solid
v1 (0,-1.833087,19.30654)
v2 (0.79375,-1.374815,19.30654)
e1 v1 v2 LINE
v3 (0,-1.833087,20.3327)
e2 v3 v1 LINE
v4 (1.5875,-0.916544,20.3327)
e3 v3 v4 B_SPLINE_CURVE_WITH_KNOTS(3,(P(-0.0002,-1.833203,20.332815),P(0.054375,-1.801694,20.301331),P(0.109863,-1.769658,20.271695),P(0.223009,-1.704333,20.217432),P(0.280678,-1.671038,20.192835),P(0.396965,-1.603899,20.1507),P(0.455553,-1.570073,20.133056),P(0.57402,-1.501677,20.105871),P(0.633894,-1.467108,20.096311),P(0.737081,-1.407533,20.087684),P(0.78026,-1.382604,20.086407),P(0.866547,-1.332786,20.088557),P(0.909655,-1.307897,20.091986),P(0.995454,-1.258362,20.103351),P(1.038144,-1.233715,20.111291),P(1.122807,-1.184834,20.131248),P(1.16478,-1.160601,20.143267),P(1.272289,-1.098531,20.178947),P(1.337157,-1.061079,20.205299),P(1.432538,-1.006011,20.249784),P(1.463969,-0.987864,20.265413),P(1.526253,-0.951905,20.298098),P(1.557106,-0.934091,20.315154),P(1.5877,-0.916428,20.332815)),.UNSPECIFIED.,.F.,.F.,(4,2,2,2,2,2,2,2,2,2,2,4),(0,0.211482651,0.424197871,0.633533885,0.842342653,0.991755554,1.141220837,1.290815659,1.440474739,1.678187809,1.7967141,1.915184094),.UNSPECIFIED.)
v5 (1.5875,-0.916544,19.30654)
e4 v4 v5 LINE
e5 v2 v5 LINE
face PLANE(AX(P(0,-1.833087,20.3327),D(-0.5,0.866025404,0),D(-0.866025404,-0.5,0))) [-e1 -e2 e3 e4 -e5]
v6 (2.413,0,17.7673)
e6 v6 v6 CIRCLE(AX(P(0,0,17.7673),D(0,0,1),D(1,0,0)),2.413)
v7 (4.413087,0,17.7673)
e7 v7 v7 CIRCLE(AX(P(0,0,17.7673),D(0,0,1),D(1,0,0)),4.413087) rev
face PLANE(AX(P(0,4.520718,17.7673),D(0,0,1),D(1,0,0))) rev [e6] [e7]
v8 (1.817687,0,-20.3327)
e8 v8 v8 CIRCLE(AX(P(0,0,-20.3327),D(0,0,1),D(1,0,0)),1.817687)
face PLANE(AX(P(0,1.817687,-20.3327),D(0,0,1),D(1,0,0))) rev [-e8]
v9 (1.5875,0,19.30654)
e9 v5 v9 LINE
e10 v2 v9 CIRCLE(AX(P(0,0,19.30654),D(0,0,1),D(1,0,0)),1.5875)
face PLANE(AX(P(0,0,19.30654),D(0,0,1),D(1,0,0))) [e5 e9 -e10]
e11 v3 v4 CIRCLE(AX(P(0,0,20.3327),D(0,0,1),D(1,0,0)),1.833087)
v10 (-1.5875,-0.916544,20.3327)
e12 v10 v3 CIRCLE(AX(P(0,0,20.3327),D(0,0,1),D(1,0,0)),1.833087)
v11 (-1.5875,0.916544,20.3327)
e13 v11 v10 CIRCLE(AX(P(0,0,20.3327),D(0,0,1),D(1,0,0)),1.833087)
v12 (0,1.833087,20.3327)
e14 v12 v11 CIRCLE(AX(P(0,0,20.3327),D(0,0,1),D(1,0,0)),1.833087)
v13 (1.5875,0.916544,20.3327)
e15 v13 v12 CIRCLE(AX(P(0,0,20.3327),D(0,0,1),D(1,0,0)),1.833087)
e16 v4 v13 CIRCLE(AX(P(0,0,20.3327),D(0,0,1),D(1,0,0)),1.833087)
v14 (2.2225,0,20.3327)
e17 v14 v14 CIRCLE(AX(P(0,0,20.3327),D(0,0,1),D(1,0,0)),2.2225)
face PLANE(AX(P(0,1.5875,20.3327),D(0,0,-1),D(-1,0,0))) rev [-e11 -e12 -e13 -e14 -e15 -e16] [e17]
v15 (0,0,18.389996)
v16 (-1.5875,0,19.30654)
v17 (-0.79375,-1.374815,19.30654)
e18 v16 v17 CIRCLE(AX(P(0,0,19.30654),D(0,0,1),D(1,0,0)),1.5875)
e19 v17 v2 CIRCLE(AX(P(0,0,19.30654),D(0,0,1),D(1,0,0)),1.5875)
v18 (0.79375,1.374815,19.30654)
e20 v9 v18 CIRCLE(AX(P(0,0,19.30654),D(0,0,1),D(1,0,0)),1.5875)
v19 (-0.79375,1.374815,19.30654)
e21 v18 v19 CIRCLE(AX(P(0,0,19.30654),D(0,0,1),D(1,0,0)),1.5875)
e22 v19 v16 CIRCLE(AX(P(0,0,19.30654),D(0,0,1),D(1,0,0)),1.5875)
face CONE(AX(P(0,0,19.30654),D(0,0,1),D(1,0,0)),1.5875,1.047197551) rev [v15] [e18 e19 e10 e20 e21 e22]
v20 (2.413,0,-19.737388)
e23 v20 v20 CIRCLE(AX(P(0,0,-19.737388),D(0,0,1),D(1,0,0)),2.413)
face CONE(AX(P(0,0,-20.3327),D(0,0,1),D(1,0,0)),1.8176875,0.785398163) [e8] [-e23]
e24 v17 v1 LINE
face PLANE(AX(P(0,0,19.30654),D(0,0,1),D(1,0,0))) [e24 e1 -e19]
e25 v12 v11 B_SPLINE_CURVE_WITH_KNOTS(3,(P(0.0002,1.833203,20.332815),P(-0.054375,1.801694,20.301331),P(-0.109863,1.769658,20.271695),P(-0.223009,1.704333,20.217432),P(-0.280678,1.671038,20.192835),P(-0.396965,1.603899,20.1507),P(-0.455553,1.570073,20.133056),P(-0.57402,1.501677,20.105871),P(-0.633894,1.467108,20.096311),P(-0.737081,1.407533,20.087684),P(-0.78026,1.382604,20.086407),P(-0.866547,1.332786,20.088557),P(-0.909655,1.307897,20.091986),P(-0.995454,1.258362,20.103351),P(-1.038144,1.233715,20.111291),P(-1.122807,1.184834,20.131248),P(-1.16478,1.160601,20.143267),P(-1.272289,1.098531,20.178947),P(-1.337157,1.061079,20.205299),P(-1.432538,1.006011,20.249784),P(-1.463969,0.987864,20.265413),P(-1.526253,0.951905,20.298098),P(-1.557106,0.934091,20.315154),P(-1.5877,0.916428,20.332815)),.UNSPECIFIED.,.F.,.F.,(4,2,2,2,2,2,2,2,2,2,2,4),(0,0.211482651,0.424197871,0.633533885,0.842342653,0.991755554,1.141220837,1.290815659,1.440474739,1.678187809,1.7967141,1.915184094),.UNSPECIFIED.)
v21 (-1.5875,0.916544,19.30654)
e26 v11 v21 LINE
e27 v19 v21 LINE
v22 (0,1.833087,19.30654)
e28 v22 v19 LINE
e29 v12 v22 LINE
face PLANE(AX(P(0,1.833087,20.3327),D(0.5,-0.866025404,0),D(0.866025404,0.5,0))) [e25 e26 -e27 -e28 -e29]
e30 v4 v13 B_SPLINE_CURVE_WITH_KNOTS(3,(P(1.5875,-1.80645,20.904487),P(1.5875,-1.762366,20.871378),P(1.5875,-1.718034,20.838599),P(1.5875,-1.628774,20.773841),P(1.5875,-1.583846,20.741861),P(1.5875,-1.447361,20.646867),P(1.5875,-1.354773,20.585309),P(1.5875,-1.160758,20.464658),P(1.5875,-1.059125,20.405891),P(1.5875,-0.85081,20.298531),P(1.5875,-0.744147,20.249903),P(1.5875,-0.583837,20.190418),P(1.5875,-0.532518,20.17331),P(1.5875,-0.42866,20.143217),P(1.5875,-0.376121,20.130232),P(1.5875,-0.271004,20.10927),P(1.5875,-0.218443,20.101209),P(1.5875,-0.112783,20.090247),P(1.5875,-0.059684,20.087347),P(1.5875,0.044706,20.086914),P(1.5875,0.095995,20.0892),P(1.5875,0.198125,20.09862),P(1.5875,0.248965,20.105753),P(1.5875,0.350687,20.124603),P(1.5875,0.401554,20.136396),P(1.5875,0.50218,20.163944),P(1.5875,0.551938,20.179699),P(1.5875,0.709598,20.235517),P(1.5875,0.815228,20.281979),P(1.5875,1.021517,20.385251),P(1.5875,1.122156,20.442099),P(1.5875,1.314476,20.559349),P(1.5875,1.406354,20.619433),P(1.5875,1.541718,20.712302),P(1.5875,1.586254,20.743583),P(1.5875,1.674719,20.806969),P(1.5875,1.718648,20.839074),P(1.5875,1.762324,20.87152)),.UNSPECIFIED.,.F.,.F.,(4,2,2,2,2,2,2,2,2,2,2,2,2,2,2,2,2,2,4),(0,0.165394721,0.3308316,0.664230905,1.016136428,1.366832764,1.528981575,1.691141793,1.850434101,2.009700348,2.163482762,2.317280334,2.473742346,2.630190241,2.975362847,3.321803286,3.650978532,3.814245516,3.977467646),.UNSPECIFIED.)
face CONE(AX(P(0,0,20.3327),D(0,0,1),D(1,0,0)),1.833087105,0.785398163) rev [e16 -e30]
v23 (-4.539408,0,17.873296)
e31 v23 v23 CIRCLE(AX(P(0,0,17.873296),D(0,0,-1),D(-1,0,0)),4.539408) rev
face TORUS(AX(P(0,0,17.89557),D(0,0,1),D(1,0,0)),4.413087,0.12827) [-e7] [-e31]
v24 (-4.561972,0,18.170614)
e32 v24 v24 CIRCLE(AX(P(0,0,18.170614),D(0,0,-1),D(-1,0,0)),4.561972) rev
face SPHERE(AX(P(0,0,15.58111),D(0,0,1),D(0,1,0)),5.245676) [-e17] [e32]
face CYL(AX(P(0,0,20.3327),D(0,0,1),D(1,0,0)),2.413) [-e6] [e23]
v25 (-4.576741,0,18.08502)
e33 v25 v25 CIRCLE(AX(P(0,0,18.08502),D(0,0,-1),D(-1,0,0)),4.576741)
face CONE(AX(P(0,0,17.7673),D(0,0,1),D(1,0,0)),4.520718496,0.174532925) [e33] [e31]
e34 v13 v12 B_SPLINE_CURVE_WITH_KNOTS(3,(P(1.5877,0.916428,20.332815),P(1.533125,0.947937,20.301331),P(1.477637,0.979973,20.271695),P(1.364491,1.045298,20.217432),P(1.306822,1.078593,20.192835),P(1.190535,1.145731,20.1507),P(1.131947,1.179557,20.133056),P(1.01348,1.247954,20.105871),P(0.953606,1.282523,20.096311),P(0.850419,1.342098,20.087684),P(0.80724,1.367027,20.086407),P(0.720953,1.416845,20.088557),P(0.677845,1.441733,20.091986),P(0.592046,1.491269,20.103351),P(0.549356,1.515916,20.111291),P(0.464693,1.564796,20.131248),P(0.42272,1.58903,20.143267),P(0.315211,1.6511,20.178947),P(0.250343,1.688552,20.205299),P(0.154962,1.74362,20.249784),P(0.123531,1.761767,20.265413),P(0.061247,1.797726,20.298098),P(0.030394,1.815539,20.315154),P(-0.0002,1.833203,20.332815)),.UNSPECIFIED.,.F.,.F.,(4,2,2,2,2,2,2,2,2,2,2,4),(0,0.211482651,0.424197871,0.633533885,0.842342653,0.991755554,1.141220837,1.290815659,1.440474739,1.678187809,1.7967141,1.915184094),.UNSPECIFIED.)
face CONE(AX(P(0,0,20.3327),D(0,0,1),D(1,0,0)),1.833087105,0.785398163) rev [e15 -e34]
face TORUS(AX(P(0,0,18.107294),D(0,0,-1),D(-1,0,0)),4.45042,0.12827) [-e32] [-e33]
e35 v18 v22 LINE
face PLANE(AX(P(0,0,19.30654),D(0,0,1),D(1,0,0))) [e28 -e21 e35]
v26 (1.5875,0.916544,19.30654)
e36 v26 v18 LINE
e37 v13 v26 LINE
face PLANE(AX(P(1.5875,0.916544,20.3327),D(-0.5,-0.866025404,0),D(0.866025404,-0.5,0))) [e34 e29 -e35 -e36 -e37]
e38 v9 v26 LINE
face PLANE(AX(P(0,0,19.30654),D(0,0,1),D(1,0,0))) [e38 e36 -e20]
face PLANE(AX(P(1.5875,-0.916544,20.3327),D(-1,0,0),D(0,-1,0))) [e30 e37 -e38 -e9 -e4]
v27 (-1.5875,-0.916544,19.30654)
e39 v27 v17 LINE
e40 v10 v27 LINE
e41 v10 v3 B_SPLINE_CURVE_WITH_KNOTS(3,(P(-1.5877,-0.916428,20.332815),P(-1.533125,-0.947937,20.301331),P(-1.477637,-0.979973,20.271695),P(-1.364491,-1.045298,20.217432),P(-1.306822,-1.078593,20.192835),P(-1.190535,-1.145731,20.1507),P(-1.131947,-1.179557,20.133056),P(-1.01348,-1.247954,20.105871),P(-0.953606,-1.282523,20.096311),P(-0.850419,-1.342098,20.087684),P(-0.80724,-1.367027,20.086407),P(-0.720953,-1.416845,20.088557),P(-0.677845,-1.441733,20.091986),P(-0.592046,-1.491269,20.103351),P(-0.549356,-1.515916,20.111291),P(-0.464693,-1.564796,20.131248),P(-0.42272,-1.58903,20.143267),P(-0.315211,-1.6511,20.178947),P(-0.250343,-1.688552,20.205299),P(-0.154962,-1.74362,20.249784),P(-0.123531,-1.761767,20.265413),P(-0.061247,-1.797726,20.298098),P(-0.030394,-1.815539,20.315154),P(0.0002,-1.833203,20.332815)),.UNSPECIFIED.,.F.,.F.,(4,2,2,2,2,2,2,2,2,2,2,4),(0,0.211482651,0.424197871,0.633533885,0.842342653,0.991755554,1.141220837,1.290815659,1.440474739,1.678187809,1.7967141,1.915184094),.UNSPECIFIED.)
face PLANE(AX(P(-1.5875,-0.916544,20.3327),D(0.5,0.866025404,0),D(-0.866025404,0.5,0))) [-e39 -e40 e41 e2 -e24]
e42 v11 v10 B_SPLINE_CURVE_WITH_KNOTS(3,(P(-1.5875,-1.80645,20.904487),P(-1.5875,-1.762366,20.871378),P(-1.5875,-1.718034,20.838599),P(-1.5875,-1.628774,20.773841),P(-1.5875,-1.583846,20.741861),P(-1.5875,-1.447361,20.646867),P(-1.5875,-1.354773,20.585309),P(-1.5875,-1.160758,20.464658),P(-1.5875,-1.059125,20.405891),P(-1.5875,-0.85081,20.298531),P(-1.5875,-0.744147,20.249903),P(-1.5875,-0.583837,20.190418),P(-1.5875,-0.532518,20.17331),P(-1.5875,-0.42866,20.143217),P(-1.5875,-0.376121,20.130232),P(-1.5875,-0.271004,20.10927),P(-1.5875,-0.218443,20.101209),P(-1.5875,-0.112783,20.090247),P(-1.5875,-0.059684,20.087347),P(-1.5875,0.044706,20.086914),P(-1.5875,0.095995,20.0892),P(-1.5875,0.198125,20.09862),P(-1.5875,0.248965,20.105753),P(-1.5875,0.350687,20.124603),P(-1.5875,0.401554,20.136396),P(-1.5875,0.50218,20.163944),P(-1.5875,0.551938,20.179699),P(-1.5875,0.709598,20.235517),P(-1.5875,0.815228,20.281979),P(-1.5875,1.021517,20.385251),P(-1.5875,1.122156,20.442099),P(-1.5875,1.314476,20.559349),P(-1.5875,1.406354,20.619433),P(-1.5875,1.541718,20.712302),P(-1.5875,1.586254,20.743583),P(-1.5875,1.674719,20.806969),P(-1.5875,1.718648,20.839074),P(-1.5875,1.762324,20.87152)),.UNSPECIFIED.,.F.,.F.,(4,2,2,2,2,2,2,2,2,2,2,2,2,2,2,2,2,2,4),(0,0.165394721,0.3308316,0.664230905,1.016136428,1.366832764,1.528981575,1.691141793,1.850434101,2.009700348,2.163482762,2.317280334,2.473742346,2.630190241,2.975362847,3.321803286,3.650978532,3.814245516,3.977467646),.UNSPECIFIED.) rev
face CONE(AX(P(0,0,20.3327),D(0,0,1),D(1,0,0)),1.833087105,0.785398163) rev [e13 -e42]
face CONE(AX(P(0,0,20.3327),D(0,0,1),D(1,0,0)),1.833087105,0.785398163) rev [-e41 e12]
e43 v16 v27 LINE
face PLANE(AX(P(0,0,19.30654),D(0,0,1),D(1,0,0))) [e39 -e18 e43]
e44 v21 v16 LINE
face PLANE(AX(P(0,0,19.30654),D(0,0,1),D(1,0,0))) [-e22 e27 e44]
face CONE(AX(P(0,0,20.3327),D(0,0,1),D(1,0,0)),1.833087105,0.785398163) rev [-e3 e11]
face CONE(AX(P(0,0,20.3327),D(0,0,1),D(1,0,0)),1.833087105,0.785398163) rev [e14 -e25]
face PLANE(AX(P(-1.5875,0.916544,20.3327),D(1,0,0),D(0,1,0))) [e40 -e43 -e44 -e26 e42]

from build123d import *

# Parameters (mm, degrees)
CUT_EXTRUDE1_START = 19.30654
CUT_EXTRUDE1_DEPTH = 2.02616
SKETCH4_R          = 1.833087105
CUT_EXTRUDE2_DEPTH = 1.02616
CUT_EXTRUDE2_DRAFT = -45
FILLET1_R          = 0.12827


with BuildPart() as part:
    # Sketch2 → Revolve1 (revolve)
    with BuildSketch(Plane(origin=(0, 0, 0), x_dir=(0, 0, -1), z_dir=(1, 0, 0))):
        with BuildLine():
            Line((-20.3327, 1.5875), (-20.3327, 2.2225))
            ThreePointArc((-20.3327, 2.2225), (-19.417752118, 3.57733025), (-18.130157143, 4.5847))
            Line((-18.130157143, 4.5847), (-17.7673, 4.520718496))
            Line((-17.7673, 4.520718496), (-17.7673, 2.413))
            Line((-17.7673, 2.413), (19.7373875, 2.413))
            Line((19.7373875, 2.413), (20.3327, 1.8176875))
            Line((20.3327, 1.8176875), (20.3327, 0))
            Line((20.3327, 0), (-18.389996448, 0))
            Line((-18.389996448, 0), (-19.30654, 1.5875))
            Line((-19.30654, 1.5875), (-20.3327, 1.5875))
        make_face()
    revolve(axis=Axis((0, 0, 20.3327), (0, 0, -1)))

    # Sketch3 → Cut-Extrude1 (cut, through all)
    with BuildSketch(Plane.XY.offset(CUT_EXTRUDE1_START)):
        Polygon((0, 1.833087105), (-1.5875, 0.916543552), (-1.5875, -0.916543552), (0, -1.833087105), (1.5875, -0.916543552), (1.5875, 0.916543552), align=None)
    extrude(amount=CUT_EXTRUDE1_DEPTH, mode=Mode.SUBTRACT)


with BuildPart() as cut_extrude2_tool:
    # Sketch4 → Cut-Extrude2 (with draft: the straight prism first)
    with BuildSketch(Plane.XY.offset(20.3327)):
        Circle(SKETCH4_R)
    extrude(amount=-CUT_EXTRUDE2_DEPTH)
    # Cut-Extrude2: the draft: its side faces are tilted about the plane it starts from
    cut_extrude2_sides = [cut_extrude2_tool.faces().sort_by_distance(p)[0] for p in [
        (-1.833087105, 0, 19.81962),
    ]]
    draft(cut_extrude2_sides, Plane.XY.offset(20.3327), CUT_EXTRUDE2_DRAFT)


with BuildPart() as part_1:
    add(part.part)

    # Cut-Extrude2: cut by cut_extrude2_tool
    add(cut_extrude2_tool.part, mode=Mode.SUBTRACT)

    # Fillet1
    fillet1_edges = [part_1.edges().sort_by_distance(p)[0] for p in [
        (0, -4.520718496, 17.7673),
        (0, -4.5847, 18.130157143),
    ]]
    fillet(fillet1_edges, radius=FILLET1_R)


solid = part_1.part
